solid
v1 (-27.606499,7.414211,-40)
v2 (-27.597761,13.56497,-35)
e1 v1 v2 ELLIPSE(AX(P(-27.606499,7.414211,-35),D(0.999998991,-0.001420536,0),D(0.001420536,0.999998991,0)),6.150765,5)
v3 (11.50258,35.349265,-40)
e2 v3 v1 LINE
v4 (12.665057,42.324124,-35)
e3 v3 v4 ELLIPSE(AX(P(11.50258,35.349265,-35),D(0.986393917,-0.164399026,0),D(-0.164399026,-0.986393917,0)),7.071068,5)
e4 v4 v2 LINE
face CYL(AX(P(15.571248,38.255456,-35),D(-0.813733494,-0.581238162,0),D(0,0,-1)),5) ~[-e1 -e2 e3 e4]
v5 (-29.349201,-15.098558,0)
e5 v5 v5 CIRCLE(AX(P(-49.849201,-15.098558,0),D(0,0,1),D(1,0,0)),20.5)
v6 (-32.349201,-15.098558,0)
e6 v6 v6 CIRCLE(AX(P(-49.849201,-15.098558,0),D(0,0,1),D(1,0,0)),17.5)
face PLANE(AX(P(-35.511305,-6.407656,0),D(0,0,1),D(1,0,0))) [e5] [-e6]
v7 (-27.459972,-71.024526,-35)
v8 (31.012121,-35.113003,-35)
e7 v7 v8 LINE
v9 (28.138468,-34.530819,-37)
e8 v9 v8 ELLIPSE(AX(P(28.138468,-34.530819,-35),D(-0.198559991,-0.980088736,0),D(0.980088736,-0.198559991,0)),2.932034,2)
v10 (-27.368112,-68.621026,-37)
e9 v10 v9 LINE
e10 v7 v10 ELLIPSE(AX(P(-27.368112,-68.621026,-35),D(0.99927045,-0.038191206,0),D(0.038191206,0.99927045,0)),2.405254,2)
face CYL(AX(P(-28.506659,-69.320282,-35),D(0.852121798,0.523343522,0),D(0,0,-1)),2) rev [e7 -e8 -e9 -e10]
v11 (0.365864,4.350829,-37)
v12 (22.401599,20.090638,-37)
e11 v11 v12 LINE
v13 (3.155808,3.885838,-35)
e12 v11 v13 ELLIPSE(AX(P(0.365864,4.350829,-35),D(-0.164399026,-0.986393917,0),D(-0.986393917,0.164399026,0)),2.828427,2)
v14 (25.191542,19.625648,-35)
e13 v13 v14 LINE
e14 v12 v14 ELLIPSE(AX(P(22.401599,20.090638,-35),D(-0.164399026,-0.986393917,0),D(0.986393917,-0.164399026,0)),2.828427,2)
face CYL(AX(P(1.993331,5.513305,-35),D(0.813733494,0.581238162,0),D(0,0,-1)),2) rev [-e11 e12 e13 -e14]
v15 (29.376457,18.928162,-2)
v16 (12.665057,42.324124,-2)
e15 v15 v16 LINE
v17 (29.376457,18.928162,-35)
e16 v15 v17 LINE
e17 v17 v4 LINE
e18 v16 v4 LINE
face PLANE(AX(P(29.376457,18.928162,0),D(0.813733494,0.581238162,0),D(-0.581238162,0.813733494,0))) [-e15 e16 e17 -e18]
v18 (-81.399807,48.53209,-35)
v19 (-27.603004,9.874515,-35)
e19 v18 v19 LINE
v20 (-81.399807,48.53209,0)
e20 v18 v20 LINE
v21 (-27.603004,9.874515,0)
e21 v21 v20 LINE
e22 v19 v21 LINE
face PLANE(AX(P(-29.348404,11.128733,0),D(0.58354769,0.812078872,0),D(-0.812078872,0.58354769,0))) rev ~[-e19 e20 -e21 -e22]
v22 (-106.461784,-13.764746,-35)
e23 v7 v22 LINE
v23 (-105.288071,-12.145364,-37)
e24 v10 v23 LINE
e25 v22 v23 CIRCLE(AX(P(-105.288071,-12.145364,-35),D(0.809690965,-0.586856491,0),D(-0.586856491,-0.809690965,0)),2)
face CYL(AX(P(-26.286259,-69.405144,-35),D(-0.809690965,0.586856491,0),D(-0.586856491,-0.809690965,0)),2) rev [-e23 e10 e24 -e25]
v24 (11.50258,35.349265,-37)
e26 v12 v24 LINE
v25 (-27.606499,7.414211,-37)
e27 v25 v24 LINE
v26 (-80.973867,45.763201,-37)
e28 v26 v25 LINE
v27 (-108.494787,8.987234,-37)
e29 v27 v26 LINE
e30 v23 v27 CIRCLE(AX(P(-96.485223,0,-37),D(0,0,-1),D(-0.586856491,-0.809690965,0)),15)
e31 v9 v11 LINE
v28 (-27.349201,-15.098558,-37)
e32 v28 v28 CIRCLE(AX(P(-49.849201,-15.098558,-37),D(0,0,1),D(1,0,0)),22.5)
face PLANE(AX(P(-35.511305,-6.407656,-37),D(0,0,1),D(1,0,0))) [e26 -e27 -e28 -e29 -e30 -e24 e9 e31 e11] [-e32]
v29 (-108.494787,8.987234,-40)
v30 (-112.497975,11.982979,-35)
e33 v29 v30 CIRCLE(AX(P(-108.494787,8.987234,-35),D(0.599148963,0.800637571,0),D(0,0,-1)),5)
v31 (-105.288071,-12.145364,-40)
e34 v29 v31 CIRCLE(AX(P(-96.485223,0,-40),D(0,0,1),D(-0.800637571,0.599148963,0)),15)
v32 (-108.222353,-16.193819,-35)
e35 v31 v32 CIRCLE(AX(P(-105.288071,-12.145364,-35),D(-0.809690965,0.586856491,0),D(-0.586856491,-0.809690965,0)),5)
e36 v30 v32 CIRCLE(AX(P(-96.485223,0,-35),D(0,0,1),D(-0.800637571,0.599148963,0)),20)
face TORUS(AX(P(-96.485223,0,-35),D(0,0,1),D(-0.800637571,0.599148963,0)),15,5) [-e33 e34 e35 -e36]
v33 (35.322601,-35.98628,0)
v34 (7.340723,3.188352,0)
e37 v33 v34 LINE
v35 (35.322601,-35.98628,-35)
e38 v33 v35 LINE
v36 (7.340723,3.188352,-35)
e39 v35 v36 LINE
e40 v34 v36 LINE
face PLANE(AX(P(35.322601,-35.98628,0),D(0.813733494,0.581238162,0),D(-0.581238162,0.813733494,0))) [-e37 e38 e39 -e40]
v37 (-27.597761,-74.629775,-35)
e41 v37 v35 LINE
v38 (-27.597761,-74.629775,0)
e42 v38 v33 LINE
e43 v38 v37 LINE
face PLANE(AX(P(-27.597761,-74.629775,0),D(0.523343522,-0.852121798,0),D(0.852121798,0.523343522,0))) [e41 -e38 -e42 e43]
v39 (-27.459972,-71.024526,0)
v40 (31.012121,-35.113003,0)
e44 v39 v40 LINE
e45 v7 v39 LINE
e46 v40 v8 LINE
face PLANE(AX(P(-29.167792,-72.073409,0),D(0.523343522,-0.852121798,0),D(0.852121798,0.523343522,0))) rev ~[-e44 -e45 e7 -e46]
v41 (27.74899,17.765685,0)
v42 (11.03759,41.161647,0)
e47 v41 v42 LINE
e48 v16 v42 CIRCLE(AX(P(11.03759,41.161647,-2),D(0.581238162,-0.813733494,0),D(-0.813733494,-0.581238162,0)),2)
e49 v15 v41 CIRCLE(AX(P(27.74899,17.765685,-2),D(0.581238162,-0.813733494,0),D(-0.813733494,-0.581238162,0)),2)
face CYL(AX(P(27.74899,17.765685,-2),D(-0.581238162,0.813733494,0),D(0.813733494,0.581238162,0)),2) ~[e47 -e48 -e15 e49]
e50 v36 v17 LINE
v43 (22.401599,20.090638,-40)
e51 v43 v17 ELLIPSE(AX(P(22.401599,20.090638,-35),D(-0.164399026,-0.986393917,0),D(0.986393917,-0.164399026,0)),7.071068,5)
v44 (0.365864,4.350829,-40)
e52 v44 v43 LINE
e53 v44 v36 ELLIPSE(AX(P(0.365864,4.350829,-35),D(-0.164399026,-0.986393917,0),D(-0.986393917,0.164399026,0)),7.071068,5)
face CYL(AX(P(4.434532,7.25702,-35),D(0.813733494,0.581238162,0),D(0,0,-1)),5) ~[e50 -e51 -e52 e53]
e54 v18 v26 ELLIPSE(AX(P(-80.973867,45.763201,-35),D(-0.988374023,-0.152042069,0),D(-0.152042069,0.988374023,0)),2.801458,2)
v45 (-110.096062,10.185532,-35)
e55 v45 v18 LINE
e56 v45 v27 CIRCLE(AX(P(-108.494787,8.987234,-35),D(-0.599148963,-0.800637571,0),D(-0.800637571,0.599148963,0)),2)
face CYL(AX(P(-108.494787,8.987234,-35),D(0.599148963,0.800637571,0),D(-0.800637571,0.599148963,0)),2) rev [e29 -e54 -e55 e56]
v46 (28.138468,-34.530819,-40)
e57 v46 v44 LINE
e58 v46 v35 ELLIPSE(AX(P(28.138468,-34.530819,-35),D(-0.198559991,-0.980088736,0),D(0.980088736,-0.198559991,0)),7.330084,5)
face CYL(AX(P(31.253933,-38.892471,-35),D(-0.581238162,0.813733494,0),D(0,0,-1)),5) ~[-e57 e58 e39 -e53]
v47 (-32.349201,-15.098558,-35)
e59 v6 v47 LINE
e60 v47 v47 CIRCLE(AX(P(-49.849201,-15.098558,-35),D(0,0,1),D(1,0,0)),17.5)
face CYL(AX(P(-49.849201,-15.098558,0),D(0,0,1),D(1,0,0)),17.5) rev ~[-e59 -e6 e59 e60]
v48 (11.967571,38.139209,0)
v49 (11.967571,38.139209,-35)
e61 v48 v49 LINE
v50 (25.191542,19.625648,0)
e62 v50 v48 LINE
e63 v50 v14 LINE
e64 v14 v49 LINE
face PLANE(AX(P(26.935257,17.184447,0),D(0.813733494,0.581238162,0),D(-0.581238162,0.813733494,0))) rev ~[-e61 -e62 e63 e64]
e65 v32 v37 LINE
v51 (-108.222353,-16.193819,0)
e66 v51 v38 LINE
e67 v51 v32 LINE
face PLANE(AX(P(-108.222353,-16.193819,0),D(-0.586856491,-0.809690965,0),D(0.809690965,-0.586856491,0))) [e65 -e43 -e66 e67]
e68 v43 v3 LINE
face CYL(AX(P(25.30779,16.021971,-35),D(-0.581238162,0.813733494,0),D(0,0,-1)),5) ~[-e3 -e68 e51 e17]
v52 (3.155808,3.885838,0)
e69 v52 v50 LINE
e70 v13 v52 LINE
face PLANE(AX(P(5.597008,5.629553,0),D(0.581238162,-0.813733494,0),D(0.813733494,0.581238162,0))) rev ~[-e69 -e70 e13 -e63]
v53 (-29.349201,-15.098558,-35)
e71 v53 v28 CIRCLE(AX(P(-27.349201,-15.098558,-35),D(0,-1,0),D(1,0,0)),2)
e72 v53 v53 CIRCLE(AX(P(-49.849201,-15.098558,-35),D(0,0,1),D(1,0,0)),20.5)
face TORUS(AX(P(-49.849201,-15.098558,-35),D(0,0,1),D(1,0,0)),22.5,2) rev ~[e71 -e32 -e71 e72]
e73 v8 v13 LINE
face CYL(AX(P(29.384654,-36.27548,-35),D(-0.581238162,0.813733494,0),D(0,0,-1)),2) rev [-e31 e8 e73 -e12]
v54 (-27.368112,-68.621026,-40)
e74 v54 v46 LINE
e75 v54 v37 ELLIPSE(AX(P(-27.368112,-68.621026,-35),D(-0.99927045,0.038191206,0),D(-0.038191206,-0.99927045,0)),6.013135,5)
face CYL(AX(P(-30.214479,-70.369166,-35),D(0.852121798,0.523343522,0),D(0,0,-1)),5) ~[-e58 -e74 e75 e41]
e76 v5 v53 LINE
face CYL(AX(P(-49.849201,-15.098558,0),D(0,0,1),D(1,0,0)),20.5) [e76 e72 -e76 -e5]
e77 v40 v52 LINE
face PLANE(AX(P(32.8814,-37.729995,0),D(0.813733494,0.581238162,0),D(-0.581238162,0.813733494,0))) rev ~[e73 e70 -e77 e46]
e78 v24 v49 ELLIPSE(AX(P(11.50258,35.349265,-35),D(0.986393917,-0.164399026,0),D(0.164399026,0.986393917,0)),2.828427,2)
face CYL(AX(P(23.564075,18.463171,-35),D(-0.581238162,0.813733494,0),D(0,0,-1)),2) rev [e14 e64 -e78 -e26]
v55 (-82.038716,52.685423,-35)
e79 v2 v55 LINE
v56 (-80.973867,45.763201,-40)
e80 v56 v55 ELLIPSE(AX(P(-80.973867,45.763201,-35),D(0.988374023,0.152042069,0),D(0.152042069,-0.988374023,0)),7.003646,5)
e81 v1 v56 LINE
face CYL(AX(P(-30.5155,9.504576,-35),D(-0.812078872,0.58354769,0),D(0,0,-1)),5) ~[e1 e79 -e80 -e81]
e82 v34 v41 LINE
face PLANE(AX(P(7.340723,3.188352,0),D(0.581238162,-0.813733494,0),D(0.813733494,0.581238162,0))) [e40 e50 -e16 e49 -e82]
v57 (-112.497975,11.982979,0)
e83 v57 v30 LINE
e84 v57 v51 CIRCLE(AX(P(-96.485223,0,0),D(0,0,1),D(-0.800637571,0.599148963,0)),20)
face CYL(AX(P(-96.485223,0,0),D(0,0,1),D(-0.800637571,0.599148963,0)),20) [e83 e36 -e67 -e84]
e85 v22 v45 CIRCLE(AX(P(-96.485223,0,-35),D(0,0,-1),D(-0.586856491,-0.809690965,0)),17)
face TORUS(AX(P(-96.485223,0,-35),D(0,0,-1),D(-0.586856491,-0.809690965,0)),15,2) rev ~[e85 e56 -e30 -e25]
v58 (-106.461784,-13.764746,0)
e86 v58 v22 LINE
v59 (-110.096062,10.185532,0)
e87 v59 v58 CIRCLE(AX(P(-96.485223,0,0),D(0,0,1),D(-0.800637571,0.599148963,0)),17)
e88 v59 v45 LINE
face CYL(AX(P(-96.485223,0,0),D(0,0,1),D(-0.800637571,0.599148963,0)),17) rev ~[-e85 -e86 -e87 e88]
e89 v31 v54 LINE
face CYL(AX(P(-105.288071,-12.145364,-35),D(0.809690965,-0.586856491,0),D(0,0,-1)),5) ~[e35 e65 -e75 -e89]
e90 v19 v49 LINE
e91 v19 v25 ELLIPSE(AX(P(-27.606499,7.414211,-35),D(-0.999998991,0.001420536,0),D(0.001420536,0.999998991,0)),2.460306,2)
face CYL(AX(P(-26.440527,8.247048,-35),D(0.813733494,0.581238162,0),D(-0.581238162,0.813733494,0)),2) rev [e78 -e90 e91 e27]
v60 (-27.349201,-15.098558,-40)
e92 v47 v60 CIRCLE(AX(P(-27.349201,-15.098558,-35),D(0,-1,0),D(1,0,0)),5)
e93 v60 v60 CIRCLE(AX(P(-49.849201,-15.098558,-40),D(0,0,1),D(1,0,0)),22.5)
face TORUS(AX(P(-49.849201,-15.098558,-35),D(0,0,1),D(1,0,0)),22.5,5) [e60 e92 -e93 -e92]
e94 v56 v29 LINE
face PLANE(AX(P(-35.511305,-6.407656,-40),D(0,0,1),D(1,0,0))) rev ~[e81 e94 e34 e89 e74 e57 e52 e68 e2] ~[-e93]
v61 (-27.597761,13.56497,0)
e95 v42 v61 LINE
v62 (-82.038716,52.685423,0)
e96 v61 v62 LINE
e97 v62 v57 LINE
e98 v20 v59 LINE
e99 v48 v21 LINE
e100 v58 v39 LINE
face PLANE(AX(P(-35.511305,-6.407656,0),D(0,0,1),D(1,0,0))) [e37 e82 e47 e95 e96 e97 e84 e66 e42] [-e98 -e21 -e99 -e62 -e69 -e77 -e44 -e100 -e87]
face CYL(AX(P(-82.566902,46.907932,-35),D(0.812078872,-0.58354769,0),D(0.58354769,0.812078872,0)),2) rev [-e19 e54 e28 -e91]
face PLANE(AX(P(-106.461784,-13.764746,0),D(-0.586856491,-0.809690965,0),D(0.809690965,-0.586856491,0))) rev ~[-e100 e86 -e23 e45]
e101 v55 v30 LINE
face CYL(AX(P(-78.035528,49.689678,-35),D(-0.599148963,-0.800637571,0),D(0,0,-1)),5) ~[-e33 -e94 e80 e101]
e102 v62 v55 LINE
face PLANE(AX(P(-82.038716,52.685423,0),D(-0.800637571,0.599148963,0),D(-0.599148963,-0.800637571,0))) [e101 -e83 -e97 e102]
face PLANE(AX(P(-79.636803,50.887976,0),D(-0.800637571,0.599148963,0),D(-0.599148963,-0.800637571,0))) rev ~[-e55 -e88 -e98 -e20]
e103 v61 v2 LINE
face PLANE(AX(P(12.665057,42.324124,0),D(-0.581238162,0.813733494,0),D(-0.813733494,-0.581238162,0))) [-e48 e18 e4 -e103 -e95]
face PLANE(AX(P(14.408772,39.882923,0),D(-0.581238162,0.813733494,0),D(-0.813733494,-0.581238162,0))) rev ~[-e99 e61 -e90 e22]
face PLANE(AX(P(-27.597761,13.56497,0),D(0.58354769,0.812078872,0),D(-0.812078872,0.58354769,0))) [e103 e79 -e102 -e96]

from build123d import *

# Parameters (mm, degrees)
F1_DEPTH      = 40
F2_R          = 17.5
F3_DEPTH      = 71
F3_DEPTH_BACK = 36
F4_T          = -3
F5_R          = 2
F6_R          = 5
F7_R          = 2


with BuildPart() as f1:
    # F0 (on Top) → F1 (new body)
    with BuildSketch(Plane.XY):
        with BuildLine():
            Line((-27.5977612737, 13.564970105), (-82.0387158474, 52.6854230273))
            Line((-82.0387158474, 52.6854230273), (-112.497974617, 11.9829792529))
            ThreePointArc((-112.497974617, 11.9829792529), (-116.2588665454, -3.0005047079), (-108.2223530131, -16.1938193008))
            Line((-108.2223530131, -16.1938193008), (-27.5977612737, -74.6297745564))
            Line((-27.5977612737, -74.6297745564), (35.3226008469, -35.9862801798))
            Line((35.3226008469, -35.9862801798), (7.3407227042, 3.188352482))
            Line((7.3407227042, 3.188352482), (29.3764571995, 18.9281615252))
            Line((29.3764571995, 18.9281615252), (12.6650570628, 42.3241236648))
            Line((12.6650570628, 42.3241236648), (-27.5977612737, 13.564970105))
        make_face()
    extrude(amount=-F1_DEPTH)

    # F2 (on Top) → F3 (cut, two sides)
    with BuildSketch(Plane.XY) as f3_sk:
        with Locations((-49.8492009938, -15.0985578075)):
            Circle(F2_R)
    extrude(amount=-F3_DEPTH, mode=Mode.SUBTRACT)
    extrude(f3_sk.sketch, amount=F3_DEPTH_BACK, mode=Mode.SUBTRACT)

    # F4
    f4_openings = [f1.faces().sort_by_distance(p)[0] for p in [
        (-66.747329, -43.807571, 0),
    ]]
    offset(amount=F4_T, openings=f4_openings, kind=Kind.INTERSECTION)

    # F5
    f5_edges = [f1.edges().sort_by_distance(p)[0] for p in [
        (-95.747934, 29.358811, -37),
        (-113.29282, -2.550429, -37),
        (-66.960878, -42.394636, -37),
        (1.776075, -53.068764, -37),
        (17.083964, -15.613582, -37),
        (14.173675, 11.755743, -37),
        (18.579557, 28.882428, -37),
        (-7.817716, 24.006862, -37),
        (-54.501405, 29.203302, -37),
        (-70.349201, -15.098558, -37),
    ]]
    fillet(f5_edges, radius=F5_R)

    # F6
    f6_edges = [f1.edges().sort_by_distance(p)[0] for p in [
        (-67.910057, -45.411797, -40),
        (-116.258867, -3.000505, -40),
        (3.86242, -55.308027, -40),
        (-97.268345, 32.334201, -40),
        (21.331662, -16.398964, -40),
        (-54.818239, 33.125197, -40),
        (18.35859, 11.058257, -40),
        (-7.466352, 27.944547, -40),
        (21.020757, 30.626143, -40),
        (-67.349201, -15.098558, -40),
    ]]
    fillet(f6_edges, radius=F6_R)

    # F7
    f7_edges = [f1.edges().sort_by_distance(p)[0] for p in [
        (21.020757, 30.626143, 0),
    ]]
    fillet(f7_edges, radius=F7_R)


solid = f1.part
